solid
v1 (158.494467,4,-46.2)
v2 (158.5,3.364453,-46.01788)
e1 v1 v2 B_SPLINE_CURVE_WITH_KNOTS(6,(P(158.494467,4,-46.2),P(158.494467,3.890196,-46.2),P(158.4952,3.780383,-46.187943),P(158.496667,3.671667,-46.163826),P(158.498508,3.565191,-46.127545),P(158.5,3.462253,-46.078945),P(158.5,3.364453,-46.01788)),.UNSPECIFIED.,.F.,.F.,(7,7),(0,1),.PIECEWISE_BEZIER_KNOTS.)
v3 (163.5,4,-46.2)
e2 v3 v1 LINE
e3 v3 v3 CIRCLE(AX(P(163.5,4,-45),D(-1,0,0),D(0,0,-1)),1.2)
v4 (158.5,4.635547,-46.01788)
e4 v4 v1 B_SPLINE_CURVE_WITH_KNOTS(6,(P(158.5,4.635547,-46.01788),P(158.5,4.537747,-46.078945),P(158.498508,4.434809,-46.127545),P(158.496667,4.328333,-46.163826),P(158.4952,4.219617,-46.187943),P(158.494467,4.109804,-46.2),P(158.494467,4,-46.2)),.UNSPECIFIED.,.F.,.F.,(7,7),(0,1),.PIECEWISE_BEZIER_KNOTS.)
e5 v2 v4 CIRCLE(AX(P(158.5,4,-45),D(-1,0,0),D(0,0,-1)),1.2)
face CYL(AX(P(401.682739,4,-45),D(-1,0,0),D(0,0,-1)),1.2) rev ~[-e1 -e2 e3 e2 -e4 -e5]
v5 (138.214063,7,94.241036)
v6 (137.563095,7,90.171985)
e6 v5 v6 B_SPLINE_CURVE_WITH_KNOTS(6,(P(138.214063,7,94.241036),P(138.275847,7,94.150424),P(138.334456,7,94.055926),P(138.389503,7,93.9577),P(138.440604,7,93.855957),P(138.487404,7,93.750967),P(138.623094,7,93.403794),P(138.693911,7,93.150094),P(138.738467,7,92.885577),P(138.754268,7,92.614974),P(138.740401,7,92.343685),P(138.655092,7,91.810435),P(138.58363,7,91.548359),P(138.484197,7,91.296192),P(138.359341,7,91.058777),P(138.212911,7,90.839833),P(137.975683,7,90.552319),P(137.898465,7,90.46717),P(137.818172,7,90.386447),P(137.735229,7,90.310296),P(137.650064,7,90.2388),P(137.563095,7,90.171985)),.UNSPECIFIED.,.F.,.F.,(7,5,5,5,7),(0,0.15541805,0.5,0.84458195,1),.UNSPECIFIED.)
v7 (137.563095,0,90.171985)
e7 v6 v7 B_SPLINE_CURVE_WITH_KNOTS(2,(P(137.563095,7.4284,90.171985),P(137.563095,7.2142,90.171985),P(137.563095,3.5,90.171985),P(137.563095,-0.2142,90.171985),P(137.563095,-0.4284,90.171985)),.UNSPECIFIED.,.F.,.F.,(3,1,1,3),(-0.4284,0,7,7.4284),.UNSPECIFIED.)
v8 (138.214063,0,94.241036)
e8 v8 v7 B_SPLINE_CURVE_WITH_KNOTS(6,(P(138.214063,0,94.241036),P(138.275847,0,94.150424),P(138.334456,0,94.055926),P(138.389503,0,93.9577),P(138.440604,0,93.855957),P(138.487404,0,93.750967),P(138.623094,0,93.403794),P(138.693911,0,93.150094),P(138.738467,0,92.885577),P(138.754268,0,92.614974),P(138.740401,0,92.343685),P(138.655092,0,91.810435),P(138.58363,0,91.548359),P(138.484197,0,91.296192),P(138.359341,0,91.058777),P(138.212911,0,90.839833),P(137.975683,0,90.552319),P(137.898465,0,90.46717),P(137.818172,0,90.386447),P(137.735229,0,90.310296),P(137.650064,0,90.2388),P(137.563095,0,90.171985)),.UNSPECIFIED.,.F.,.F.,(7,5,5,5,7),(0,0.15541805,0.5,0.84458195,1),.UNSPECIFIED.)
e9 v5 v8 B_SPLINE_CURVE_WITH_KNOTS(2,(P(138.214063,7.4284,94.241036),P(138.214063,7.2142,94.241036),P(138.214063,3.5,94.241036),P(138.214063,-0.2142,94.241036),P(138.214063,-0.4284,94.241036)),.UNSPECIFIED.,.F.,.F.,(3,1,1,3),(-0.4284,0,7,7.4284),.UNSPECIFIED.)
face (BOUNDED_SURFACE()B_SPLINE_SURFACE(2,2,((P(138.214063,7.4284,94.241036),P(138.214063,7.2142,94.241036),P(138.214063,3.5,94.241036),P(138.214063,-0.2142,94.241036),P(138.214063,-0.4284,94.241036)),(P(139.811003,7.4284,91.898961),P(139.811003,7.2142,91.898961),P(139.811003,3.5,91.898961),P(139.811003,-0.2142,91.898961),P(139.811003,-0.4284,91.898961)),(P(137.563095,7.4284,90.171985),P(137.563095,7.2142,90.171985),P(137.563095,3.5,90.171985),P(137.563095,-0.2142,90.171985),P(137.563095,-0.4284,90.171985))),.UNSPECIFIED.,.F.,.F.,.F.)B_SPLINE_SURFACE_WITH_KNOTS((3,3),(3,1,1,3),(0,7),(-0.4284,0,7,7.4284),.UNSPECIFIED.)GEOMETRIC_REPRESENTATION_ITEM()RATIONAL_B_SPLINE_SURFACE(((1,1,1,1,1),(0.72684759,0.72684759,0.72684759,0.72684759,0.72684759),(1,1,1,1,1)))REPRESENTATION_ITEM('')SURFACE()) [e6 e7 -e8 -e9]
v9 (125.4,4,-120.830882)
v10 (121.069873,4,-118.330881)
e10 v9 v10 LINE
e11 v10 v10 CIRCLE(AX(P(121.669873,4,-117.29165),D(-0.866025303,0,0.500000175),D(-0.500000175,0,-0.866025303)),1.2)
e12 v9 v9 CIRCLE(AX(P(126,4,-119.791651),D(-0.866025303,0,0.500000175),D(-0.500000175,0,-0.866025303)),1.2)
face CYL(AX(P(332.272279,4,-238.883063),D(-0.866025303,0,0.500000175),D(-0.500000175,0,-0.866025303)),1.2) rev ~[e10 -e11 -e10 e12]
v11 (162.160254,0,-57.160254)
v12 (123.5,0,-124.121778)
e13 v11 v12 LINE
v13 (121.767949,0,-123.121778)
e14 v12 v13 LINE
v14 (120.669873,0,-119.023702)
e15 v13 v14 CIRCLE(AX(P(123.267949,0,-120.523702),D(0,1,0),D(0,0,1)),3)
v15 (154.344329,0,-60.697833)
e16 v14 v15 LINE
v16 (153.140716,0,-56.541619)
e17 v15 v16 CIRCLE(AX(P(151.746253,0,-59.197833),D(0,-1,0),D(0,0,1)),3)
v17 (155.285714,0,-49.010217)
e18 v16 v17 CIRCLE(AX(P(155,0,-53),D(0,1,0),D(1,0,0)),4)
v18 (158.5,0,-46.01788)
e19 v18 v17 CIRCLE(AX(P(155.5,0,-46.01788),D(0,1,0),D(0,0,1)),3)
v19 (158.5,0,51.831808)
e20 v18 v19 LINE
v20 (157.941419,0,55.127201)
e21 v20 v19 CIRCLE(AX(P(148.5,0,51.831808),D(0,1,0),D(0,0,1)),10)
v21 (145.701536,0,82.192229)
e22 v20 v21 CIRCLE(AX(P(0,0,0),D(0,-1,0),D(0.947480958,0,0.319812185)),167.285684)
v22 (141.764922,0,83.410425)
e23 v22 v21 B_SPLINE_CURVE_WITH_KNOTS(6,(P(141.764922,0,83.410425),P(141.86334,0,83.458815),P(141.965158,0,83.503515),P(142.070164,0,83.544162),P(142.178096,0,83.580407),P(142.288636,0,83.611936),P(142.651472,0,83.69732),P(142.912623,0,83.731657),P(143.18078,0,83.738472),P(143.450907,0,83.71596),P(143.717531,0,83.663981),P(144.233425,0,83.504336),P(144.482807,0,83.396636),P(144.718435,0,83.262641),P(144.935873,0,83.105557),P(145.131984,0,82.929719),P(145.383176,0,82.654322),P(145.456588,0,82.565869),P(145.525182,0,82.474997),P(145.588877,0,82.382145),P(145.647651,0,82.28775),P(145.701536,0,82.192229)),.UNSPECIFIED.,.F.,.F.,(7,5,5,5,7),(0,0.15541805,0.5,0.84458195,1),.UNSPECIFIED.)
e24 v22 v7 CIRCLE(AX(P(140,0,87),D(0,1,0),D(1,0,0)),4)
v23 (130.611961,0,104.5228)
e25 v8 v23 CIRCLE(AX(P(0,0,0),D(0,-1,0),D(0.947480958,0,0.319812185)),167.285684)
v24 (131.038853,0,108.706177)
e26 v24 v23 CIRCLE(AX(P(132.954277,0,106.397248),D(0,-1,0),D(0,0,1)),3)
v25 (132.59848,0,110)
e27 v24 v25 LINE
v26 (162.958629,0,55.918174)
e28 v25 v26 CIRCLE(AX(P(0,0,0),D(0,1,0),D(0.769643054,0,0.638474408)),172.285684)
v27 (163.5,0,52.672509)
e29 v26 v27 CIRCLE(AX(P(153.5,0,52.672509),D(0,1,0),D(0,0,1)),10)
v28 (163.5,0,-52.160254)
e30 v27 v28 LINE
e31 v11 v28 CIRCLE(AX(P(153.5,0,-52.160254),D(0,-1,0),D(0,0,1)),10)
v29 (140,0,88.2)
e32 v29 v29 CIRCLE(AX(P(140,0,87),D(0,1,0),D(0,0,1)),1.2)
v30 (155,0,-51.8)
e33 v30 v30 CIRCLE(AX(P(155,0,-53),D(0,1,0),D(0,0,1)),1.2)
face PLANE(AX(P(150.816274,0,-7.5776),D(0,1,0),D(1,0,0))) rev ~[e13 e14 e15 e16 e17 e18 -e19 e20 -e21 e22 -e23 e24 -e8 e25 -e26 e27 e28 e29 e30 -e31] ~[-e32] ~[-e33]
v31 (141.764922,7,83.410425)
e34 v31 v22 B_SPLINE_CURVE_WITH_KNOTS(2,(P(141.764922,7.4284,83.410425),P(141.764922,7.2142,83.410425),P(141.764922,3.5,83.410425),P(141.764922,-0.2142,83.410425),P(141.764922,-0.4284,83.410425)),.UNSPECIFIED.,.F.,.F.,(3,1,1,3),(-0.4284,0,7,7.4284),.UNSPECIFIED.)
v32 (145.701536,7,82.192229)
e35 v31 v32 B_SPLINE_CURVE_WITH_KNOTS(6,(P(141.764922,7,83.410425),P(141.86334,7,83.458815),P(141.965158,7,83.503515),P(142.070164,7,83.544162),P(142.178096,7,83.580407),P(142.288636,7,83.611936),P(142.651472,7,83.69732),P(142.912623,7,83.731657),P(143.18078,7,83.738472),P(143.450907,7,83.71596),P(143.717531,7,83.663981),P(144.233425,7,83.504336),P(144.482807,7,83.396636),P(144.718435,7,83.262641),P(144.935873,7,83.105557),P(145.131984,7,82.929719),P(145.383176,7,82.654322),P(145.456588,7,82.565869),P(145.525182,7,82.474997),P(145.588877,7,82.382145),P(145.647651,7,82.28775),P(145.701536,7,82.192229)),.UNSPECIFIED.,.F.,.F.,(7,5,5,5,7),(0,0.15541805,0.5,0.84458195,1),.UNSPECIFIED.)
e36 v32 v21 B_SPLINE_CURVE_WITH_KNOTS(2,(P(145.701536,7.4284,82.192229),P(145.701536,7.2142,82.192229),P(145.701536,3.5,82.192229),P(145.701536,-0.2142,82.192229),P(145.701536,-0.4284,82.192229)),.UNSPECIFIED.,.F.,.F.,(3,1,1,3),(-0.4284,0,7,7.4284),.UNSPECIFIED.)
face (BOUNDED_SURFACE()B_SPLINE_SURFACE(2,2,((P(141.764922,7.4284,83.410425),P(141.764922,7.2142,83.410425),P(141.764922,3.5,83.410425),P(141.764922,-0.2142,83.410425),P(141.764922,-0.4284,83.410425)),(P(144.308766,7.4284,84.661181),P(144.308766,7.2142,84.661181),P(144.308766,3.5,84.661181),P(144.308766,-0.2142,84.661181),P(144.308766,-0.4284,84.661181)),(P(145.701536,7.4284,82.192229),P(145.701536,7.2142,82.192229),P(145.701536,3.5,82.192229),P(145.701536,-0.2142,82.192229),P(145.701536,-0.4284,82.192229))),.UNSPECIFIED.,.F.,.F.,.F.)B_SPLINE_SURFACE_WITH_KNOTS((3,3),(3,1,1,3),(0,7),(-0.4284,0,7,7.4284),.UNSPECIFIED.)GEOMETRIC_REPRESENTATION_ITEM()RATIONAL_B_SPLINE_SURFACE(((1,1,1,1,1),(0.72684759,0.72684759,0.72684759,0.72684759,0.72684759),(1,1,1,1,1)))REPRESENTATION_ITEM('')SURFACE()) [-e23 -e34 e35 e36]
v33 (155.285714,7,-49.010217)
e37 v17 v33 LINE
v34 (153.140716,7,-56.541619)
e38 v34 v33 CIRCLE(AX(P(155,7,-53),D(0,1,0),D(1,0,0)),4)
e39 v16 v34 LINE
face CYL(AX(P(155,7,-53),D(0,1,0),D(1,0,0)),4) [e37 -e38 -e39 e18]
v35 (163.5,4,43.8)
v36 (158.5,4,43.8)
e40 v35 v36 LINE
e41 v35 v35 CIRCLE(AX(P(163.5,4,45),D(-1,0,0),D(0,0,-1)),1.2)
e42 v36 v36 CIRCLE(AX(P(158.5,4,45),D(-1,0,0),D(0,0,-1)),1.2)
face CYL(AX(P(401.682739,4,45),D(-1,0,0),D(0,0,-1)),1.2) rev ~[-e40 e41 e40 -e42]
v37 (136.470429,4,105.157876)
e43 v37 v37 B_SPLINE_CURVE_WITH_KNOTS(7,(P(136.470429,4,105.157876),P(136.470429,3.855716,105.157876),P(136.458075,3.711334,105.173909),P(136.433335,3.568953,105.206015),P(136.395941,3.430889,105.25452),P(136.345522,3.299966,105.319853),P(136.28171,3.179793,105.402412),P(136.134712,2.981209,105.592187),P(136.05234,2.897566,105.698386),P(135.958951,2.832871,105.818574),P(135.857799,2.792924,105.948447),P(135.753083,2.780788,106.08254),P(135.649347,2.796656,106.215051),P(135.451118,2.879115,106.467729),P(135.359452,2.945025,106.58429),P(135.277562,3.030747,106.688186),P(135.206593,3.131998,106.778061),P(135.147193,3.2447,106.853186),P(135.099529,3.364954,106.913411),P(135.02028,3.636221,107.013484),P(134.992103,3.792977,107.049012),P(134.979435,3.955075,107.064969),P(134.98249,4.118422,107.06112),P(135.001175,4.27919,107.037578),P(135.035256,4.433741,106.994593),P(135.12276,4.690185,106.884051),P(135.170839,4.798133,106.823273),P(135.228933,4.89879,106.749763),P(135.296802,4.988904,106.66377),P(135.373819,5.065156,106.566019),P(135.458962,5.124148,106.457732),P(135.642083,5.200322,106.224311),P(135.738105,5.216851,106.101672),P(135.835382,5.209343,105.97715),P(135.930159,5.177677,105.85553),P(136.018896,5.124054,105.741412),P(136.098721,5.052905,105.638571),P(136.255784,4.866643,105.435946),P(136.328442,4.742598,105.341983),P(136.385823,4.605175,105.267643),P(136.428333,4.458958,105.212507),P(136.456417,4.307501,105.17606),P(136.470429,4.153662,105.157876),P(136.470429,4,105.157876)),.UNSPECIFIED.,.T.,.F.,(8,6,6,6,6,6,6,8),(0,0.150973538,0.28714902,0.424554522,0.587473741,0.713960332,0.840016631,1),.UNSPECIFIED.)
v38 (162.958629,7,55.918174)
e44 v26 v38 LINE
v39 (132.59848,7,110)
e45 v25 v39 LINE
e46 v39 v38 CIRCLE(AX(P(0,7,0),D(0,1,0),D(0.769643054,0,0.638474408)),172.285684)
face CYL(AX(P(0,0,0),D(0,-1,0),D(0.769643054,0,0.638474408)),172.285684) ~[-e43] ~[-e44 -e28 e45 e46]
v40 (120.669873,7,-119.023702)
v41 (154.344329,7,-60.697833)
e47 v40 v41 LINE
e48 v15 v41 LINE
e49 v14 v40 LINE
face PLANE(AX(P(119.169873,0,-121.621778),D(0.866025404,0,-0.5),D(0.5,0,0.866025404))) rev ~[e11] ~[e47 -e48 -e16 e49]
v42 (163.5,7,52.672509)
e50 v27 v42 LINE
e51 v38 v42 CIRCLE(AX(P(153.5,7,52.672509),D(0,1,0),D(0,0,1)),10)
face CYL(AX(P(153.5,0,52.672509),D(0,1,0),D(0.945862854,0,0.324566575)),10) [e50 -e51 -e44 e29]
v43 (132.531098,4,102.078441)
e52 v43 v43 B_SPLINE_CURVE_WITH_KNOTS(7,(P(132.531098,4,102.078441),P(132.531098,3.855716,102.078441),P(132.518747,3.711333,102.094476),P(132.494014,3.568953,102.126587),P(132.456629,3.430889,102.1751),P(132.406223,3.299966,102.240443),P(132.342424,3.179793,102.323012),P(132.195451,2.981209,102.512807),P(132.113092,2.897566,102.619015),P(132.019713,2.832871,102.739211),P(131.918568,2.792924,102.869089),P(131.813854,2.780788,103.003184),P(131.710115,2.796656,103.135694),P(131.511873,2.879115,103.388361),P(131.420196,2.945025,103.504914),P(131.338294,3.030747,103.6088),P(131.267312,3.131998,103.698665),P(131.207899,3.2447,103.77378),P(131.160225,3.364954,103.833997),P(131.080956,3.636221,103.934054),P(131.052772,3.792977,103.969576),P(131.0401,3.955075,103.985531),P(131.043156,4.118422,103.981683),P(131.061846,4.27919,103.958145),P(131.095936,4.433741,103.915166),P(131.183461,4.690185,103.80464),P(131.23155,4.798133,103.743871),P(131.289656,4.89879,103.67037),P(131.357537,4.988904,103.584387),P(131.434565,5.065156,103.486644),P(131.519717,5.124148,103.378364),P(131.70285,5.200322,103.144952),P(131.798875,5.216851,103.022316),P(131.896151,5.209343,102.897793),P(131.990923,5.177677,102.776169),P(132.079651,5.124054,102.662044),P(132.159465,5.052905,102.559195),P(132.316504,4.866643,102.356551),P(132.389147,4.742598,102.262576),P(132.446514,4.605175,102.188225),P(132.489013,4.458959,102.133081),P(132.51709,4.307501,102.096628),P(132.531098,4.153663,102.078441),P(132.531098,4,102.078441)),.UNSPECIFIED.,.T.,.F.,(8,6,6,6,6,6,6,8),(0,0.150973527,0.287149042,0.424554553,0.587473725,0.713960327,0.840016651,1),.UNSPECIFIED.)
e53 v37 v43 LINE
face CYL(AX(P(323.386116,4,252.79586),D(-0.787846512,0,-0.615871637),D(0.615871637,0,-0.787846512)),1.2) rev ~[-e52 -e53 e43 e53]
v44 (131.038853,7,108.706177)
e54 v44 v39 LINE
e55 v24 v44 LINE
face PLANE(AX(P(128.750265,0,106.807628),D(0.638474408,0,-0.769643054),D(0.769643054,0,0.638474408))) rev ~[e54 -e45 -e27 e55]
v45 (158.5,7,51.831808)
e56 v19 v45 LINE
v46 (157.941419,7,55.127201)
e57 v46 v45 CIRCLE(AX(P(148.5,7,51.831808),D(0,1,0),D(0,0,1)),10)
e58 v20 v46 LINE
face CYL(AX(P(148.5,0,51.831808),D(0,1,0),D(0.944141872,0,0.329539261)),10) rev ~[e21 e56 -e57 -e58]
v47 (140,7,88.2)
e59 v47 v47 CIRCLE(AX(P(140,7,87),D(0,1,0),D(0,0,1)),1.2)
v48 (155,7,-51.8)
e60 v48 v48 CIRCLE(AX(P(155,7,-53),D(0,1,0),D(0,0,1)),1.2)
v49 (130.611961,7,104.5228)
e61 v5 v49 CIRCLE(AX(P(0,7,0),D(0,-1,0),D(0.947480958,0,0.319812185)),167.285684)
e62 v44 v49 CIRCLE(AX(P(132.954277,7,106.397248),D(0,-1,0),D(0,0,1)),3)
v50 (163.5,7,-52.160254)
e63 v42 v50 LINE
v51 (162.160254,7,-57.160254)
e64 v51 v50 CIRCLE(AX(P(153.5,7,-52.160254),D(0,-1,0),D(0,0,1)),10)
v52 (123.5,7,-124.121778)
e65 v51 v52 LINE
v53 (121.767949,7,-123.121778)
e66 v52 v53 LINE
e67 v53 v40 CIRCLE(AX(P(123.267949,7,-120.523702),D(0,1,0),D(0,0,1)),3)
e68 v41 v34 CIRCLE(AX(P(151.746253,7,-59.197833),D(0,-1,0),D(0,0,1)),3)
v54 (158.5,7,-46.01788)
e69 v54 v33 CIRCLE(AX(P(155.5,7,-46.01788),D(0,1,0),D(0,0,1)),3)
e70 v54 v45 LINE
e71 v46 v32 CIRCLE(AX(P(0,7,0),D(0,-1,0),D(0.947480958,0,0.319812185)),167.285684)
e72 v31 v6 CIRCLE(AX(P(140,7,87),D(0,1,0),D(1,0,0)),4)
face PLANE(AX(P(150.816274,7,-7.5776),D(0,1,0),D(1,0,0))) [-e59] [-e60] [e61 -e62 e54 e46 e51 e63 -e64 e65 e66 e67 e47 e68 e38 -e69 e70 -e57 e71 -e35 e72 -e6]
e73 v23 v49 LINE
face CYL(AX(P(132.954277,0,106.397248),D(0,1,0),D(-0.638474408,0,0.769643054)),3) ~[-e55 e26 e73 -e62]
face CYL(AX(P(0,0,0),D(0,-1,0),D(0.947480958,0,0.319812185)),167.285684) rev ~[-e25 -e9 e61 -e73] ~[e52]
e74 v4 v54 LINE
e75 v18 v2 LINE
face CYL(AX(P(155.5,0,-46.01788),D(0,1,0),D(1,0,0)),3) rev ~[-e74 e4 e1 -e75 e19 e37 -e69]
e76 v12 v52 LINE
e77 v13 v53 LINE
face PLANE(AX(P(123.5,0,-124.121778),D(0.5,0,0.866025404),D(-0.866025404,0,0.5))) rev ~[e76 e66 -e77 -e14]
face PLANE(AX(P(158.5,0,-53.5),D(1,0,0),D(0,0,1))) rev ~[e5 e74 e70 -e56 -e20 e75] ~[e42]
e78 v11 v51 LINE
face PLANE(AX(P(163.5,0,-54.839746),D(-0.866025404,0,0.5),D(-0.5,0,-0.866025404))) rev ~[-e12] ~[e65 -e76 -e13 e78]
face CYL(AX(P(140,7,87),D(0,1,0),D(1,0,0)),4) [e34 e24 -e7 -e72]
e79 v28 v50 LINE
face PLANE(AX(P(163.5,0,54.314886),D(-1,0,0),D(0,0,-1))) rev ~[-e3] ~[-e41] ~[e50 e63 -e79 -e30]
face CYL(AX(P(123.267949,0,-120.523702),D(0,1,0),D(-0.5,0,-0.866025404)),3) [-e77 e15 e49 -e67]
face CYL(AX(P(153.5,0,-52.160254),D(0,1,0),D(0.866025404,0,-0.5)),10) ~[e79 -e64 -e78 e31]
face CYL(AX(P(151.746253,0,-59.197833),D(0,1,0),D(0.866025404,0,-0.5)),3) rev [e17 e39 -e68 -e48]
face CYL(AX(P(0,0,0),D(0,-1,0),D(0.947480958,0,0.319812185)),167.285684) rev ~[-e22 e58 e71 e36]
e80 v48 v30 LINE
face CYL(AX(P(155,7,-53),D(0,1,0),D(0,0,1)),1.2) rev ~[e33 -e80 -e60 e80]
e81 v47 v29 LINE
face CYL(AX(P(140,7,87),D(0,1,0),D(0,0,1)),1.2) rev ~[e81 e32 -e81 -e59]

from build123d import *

# Parameters (mm, degrees)
BOSS_EXTRU_1_DEPTH                      = 7
ESQUISSE2_R                             = 4
ESQUISSE2_R_2                           = 1.2
BOSS_EXTRU_2_DEPTH                      = 7
CONG_1_R                                = 10
CONG_2_R                                = 3
DIAM_TRE_DU_PER_AGE_2_4_2_4_1_D         = 2.4
DIAM_TRE_DU_PER_AGE_2_4_2_4_1_ON_FACE_D = 2.4
DIAM_TRE_DU_PER_AGE_2_4_2_4_1_ON_F_2_D  = 2.4


with BuildPart() as part:
    # Esquisse1 → Boss.-Extru.1 (new body)
    with BuildSketch(Plane(origin=(0, 0, 0), x_dir=(1, 0, 0), z_dir=(0, 1, 0))):
        with BuildLine():
            Line((163.5, -54.314885969), (163.5, 54.839745962))
            Line((163.5, 54.839745962), (123.5, 124.121778265))
            Line((123.5, 124.121778265), (119.169872981, 121.621778265))
            Line((119.169872981, 121.621778265), (158.5, 53.5))
            Line((158.5, 53.5), (158.5, -53.5))
            ThreePointArc((158.5, -53.5), (146.077391865, -81.52236249), (128.750264504, -106.807627959))
            Line((128.750264504, -106.807627959), (132.598479772, -110))
            ThreePointArc((132.598479772, -110), (150.644566487, -83.59767596), (163.5, -54.314885969))
        make_face()
    extrude(amount=BOSS_EXTRU_1_DEPTH)

    # Esquisse2 → Boss.-Extru.2 (add)
    # profile 1 of 2: a face of its own
    with BuildSketch(Plane(origin=(0, 7, 0), x_dir=(1, 0, 0), z_dir=(0, 1, 0))):
        with Locations((155, 53)):
            Circle(ESQUISSE2_R)
        with Locations(Location((155, 53, 0), (0, 0, 270))):
            Circle(ESQUISSE2_R_2, mode=Mode.SUBTRACT)
    # profile 2 of 2: a face of its own
    with BuildSketch(Plane(origin=(0, 7, 0), x_dir=(1, 0, 0), z_dir=(0, 1, 0))):
        with Locations((140, -87)):
            Circle(ESQUISSE2_R)
        with Locations(Location((140, -87, 0), (0, 0, 270))):
            Circle(ESQUISSE2_R_2, mode=Mode.SUBTRACT)
    extrude(amount=-BOSS_EXTRU_2_DEPTH)

    # Congé1
    cong_1_edges = [part.edges().sort_by_distance(p)[0] for p in [
        (158.5, 3.5, 53.5),
        (163.5, 3.5, -54.839745962),
        (163.5, 3.5, 54.314885969),
    ]]
    fillet(cong_1_edges, radius=CONG_1_R)

    # Congé2
    cong_2_edges = [part.edges().sort_by_distance(p)[0] for p in [
        (128.750264504, 3.5, 106.807627959),
        (119.169872981, 3.5, -121.621778265),
        (156.697559724, 3.5, -56.621918136),
        (158.5, 3.5, -51.063508327),
        (140.380940937, 3.5, 90.981819183),
        (143.738827918, 3.5, 85.578322891),
    ]]
    fillet(cong_2_edges, radius=CONG_2_R)

    # Diamètre du perçage Ø2.4 (2.4)1 (through all)
    with Locations(Plane(origin=(135.734675085, 4, 106.105866084), x_dir=(-0.615871636874, 0, 0.787846512269), z_dir=(0.787846512269, 0, 0.615871636874))):
        with Locations((0, 0)):
            Hole(DIAM_TRE_DU_PER_AGE_2_4_2_4_1_D / 2)

    # Diamètre du perçage Ø2.4 (2.4)1 on face (through all)
    with Locations(Plane(origin=(163.5, 4, -45), x_dir=(0, 0, 1), z_dir=(1, 0, 0))):
        with Locations((0, 0), (90, 0)):
            Hole(DIAM_TRE_DU_PER_AGE_2_4_2_4_1_ON_FACE_D / 2)

    # Diamètre du perçage Ø2.4 (2.4)1 on f 2 (through all)
    with Locations(Plane(origin=(126, 4, -119.791651246), x_dir=(0.500000174844, 0, 0.866025302838), z_dir=(0.866025302838, 0, -0.500000174844))):
        with Locations((0, 0)):
            Hole(DIAM_TRE_DU_PER_AGE_2_4_2_4_1_ON_F_2_D / 2)


solid = part.part
